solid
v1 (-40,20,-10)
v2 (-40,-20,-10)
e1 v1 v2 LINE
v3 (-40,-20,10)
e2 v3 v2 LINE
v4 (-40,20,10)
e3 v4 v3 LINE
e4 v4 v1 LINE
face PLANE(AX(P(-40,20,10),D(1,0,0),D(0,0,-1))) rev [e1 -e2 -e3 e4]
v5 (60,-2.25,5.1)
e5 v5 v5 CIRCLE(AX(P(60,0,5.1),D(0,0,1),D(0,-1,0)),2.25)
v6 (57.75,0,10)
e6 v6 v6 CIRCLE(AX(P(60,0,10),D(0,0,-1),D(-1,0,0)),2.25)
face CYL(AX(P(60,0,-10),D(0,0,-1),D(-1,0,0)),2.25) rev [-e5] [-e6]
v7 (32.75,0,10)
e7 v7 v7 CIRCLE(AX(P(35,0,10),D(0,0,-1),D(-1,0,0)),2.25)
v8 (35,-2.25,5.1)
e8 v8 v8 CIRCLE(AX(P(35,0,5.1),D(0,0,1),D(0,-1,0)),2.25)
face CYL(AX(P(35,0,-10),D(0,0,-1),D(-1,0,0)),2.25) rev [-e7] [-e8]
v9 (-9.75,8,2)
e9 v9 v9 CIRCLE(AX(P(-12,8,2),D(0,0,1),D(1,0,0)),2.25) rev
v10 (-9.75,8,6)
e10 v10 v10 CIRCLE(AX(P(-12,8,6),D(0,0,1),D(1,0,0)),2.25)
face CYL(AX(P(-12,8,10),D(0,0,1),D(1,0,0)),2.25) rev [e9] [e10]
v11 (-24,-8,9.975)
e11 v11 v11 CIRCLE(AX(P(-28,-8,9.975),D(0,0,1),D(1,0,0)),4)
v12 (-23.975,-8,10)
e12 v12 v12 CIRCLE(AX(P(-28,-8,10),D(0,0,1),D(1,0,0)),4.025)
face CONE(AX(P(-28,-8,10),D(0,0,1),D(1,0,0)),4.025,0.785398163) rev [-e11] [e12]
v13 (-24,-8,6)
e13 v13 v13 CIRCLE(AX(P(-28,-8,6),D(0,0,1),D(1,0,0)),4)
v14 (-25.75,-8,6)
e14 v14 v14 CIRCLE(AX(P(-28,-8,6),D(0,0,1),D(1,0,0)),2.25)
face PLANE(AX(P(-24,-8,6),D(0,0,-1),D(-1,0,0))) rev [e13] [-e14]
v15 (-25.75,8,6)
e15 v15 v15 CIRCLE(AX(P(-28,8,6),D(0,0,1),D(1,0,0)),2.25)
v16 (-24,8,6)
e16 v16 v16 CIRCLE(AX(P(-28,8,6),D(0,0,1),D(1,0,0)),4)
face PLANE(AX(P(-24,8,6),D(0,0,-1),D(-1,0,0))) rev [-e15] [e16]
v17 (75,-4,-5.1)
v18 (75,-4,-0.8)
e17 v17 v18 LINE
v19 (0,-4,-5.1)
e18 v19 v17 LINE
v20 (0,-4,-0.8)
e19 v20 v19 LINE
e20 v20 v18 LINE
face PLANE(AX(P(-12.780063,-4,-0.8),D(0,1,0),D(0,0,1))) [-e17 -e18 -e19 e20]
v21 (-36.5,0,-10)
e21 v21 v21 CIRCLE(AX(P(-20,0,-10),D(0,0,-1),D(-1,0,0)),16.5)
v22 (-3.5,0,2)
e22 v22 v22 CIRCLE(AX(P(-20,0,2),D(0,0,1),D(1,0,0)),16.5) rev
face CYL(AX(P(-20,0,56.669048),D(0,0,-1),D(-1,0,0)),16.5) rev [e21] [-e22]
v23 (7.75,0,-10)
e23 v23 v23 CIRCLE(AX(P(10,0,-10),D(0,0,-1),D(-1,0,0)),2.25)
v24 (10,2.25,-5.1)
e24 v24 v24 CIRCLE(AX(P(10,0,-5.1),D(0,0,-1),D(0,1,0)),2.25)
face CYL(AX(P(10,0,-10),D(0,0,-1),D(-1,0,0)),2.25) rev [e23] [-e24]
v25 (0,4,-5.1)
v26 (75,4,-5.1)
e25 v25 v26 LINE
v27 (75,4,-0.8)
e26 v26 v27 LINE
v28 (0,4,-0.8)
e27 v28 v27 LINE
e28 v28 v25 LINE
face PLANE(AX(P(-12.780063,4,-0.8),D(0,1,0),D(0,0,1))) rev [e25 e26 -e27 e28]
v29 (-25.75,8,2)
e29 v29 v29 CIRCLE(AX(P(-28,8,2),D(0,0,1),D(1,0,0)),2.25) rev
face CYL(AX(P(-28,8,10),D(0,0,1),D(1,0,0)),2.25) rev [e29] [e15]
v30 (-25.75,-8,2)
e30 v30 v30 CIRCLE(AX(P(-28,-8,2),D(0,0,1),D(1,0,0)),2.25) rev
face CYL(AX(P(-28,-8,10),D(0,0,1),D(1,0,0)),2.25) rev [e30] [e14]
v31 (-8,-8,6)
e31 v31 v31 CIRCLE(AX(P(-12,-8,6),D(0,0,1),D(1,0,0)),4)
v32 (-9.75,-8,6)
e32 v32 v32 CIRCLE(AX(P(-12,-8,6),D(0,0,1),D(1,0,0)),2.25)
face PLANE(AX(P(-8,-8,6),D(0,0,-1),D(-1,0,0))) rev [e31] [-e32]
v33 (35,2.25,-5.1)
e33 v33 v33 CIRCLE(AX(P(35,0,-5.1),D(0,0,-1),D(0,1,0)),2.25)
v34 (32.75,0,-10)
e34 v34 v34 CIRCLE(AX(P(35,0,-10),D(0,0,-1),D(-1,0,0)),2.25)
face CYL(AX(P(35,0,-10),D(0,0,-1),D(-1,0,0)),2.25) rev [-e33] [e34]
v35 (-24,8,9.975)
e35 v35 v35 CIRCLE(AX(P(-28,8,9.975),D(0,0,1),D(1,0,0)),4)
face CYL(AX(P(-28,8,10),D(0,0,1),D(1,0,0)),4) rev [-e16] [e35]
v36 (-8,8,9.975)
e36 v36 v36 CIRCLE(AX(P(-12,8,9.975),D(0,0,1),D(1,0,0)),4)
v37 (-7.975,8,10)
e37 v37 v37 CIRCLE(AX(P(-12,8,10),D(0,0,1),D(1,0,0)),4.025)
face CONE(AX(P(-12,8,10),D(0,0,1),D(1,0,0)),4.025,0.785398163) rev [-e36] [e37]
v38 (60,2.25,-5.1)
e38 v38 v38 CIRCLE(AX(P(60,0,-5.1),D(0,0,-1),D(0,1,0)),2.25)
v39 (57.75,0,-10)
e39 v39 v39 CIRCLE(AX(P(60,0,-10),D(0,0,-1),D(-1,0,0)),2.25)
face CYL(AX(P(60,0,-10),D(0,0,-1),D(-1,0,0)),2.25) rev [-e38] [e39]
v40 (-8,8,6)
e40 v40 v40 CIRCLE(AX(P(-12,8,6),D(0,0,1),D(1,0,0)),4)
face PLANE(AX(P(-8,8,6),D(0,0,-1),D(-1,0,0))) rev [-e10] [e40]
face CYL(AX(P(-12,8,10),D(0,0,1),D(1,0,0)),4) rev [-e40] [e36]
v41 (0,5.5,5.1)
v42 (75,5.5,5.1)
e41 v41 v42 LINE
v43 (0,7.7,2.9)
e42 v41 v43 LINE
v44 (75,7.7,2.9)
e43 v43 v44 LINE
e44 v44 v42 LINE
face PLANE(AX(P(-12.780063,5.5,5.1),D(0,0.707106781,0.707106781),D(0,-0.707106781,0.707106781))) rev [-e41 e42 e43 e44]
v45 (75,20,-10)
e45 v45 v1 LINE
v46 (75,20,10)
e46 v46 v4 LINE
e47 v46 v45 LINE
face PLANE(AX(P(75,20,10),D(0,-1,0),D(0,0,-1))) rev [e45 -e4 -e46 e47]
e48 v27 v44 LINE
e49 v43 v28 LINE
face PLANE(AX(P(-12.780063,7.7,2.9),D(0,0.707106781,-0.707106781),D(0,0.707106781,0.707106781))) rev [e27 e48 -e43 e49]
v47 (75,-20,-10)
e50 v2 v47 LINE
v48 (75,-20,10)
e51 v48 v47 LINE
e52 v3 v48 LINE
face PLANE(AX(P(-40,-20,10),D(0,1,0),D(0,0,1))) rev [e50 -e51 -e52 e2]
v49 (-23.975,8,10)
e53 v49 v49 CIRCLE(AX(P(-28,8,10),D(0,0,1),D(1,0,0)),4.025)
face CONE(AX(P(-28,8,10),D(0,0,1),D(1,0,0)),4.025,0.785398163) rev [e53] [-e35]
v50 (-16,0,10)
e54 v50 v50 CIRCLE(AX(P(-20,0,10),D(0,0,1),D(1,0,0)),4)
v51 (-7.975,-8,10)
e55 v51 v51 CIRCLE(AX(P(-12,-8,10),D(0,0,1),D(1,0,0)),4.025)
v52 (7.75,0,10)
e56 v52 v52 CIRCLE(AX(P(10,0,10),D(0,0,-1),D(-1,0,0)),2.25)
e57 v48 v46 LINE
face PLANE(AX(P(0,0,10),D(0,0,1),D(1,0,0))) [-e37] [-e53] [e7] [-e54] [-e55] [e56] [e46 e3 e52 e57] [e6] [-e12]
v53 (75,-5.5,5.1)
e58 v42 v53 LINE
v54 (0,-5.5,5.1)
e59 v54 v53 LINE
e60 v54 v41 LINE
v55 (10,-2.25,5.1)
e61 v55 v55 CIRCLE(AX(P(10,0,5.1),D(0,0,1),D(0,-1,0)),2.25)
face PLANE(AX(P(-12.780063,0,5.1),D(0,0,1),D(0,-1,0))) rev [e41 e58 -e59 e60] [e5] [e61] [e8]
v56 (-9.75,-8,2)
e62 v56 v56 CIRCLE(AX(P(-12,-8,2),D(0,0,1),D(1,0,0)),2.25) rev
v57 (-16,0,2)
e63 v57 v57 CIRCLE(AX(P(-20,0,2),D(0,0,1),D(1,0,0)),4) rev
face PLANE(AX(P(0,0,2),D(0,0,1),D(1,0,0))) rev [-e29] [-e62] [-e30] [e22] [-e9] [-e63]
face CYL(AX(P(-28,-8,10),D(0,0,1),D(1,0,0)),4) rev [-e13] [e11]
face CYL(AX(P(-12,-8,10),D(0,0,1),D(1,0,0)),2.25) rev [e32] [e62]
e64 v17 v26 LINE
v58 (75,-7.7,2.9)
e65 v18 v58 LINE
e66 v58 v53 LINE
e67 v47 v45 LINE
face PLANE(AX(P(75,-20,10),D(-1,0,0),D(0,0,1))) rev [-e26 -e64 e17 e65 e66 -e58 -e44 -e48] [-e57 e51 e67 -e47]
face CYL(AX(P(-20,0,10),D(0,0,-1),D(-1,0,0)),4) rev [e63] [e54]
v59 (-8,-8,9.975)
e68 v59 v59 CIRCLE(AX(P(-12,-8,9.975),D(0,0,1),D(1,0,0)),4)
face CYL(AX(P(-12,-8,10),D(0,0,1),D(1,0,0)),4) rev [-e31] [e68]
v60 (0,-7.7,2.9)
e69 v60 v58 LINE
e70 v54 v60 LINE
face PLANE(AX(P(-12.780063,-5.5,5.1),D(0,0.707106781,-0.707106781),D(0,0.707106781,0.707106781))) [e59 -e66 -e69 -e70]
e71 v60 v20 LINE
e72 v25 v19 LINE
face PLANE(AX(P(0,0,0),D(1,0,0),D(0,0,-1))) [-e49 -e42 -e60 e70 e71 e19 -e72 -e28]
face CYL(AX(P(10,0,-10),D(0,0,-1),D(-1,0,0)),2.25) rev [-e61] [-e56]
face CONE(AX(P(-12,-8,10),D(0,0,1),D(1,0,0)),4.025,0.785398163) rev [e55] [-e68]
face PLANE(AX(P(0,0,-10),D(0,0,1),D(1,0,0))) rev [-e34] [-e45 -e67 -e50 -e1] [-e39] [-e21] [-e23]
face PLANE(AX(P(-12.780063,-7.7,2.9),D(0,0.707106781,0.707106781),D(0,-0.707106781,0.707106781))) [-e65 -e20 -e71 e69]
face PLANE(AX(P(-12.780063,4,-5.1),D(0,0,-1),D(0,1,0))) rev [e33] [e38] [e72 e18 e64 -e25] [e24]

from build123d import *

# Parameters (mm, degrees)
SKETCH1_W                     = 115
SKETCH1_H                     = 40
SKETCH1_R                     = 4
BOSS_EXTRUDE1_DEPTH           = 10
CBORE_FOR_M4_SHCS1_AT_2_COUNT = 2
CBORE_FOR_M4_SHCS1_AT_2_PITCH = 16
CBORE_FOR_M4_SHCS1_AT_3_COUNT = 2
CBORE_FOR_M4_SHCS1_AT_3_PITCH = 16
CBORE_FOR_M4_SHCS1_AT_4_COUNT = 2
CBORE_FOR_M4_SHCS1_AT_4_PITCH = 22.627416998
SKETCH5_R                     = 16.5
SKETCH5_R_2                   = 4
CUT_EXTRUDE1_DEPTH            = 12
CUT_EXTRUDE2_DEPTH            = 75
M4_CLEARANCE_HOLE1_D          = 4.5


with BuildPart() as part:
    # Sketch1 → Boss-Extrude1 (new body, symmetric)
    with BuildSketch(Plane.XY):
        with Locations((17.5, 0)):
            Rectangle(SKETCH1_W, SKETCH1_H)
        with Locations((-20, 0)):
            Circle(SKETCH1_R, mode=Mode.SUBTRACT)
    extrude(amount=BOSS_EXTRUDE1_DEPTH, both=True)

    # Sketch3 → CBORE for M4 SHCS1 (revolve, cut)
    with BuildSketch(Plane(origin=(-28, 8, 10), x_dir=(0, -1, 0), z_dir=(1, 0, 0))):
        Polygon((0, 0), (0, 20), (2.25, 20), (2.25, 4), (4, 4), (4, 0.025), (4.025, 0), align=None)
    cbore_for_m4_shcs1 = revolve(axis=Axis((-28, 8, 16.35), (0, 0, -1)), mode=Mode.SUBTRACT)

    # CBORE for M4 SHCS1 at 2: CBORE for M4 SHCS1 ×2
    with Locations(*[(i * CBORE_FOR_M4_SHCS1_AT_2_PITCH, 0, 0) for i in range(1, CBORE_FOR_M4_SHCS1_AT_2_COUNT)]):
        add(cbore_for_m4_shcs1, mode=Mode.SUBTRACT)

    # CBORE for M4 SHCS1 at 3: CBORE for M4 SHCS1 ×2
    with Locations(*[(0, -i * CBORE_FOR_M4_SHCS1_AT_3_PITCH, 0) for i in range(1, CBORE_FOR_M4_SHCS1_AT_3_COUNT)]):
        add(cbore_for_m4_shcs1, mode=Mode.SUBTRACT)

    # CBORE for M4 SHCS1 at 4: CBORE for M4 SHCS1 ×2
    with Locations(*[Vector(0.707106781, -0.707106781, 0) * (i * CBORE_FOR_M4_SHCS1_AT_4_PITCH) for i in range(1, CBORE_FOR_M4_SHCS1_AT_4_COUNT)]):
        add(cbore_for_m4_shcs1, mode=Mode.SUBTRACT)

    # Sketch5 → Cut-Extrude1 (cut)
    with BuildSketch(Plane(origin=(0, 0, -10), x_dir=(-1, 0, 0), z_dir=(0, 0, -1))):
        with Locations((20, 0)):
            Circle(SKETCH5_R)
        with Locations((20, 0)):
            Circle(SKETCH5_R_2, mode=Mode.SUBTRACT)
    extrude(amount=-CUT_EXTRUDE1_DEPTH, mode=Mode.SUBTRACT)

    # Sketch6 → Cut-Extrude2 (cut)
    with BuildSketch(Plane(origin=(75, 0, 0), x_dir=(0, 0, -1), z_dir=(1, 0, 0))):
        Polygon((-5.1, 5.5), (-2.9, 7.7), (0.8, 4), (5.1, 4), (5.1, 0), (-5.1, 0), align=None)
    cut_extrude2 = extrude(amount=-CUT_EXTRUDE2_DEPTH, mode=Mode.SUBTRACT)

    # Mirror1: Cut-Extrude2 across plane
    add(cut_extrude2.mirror(Plane(origin=(-12.780062598, 0, 5.1), x_dir=(0, 0, 1), z_dir=(0, -1, 0))), mode=Mode.SUBTRACT)

    # M4 Clearance Hole1 (through all)
    with Locations(Plane(origin=(0, 0, -10), x_dir=(-1, 0, 0), z_dir=(0, 0, -1))):
        with Locations((-10, 0), (-35, 0), (-60, 0)):
            Hole(M4_CLEARANCE_HOLE1_D / 2)


solid = part.part
